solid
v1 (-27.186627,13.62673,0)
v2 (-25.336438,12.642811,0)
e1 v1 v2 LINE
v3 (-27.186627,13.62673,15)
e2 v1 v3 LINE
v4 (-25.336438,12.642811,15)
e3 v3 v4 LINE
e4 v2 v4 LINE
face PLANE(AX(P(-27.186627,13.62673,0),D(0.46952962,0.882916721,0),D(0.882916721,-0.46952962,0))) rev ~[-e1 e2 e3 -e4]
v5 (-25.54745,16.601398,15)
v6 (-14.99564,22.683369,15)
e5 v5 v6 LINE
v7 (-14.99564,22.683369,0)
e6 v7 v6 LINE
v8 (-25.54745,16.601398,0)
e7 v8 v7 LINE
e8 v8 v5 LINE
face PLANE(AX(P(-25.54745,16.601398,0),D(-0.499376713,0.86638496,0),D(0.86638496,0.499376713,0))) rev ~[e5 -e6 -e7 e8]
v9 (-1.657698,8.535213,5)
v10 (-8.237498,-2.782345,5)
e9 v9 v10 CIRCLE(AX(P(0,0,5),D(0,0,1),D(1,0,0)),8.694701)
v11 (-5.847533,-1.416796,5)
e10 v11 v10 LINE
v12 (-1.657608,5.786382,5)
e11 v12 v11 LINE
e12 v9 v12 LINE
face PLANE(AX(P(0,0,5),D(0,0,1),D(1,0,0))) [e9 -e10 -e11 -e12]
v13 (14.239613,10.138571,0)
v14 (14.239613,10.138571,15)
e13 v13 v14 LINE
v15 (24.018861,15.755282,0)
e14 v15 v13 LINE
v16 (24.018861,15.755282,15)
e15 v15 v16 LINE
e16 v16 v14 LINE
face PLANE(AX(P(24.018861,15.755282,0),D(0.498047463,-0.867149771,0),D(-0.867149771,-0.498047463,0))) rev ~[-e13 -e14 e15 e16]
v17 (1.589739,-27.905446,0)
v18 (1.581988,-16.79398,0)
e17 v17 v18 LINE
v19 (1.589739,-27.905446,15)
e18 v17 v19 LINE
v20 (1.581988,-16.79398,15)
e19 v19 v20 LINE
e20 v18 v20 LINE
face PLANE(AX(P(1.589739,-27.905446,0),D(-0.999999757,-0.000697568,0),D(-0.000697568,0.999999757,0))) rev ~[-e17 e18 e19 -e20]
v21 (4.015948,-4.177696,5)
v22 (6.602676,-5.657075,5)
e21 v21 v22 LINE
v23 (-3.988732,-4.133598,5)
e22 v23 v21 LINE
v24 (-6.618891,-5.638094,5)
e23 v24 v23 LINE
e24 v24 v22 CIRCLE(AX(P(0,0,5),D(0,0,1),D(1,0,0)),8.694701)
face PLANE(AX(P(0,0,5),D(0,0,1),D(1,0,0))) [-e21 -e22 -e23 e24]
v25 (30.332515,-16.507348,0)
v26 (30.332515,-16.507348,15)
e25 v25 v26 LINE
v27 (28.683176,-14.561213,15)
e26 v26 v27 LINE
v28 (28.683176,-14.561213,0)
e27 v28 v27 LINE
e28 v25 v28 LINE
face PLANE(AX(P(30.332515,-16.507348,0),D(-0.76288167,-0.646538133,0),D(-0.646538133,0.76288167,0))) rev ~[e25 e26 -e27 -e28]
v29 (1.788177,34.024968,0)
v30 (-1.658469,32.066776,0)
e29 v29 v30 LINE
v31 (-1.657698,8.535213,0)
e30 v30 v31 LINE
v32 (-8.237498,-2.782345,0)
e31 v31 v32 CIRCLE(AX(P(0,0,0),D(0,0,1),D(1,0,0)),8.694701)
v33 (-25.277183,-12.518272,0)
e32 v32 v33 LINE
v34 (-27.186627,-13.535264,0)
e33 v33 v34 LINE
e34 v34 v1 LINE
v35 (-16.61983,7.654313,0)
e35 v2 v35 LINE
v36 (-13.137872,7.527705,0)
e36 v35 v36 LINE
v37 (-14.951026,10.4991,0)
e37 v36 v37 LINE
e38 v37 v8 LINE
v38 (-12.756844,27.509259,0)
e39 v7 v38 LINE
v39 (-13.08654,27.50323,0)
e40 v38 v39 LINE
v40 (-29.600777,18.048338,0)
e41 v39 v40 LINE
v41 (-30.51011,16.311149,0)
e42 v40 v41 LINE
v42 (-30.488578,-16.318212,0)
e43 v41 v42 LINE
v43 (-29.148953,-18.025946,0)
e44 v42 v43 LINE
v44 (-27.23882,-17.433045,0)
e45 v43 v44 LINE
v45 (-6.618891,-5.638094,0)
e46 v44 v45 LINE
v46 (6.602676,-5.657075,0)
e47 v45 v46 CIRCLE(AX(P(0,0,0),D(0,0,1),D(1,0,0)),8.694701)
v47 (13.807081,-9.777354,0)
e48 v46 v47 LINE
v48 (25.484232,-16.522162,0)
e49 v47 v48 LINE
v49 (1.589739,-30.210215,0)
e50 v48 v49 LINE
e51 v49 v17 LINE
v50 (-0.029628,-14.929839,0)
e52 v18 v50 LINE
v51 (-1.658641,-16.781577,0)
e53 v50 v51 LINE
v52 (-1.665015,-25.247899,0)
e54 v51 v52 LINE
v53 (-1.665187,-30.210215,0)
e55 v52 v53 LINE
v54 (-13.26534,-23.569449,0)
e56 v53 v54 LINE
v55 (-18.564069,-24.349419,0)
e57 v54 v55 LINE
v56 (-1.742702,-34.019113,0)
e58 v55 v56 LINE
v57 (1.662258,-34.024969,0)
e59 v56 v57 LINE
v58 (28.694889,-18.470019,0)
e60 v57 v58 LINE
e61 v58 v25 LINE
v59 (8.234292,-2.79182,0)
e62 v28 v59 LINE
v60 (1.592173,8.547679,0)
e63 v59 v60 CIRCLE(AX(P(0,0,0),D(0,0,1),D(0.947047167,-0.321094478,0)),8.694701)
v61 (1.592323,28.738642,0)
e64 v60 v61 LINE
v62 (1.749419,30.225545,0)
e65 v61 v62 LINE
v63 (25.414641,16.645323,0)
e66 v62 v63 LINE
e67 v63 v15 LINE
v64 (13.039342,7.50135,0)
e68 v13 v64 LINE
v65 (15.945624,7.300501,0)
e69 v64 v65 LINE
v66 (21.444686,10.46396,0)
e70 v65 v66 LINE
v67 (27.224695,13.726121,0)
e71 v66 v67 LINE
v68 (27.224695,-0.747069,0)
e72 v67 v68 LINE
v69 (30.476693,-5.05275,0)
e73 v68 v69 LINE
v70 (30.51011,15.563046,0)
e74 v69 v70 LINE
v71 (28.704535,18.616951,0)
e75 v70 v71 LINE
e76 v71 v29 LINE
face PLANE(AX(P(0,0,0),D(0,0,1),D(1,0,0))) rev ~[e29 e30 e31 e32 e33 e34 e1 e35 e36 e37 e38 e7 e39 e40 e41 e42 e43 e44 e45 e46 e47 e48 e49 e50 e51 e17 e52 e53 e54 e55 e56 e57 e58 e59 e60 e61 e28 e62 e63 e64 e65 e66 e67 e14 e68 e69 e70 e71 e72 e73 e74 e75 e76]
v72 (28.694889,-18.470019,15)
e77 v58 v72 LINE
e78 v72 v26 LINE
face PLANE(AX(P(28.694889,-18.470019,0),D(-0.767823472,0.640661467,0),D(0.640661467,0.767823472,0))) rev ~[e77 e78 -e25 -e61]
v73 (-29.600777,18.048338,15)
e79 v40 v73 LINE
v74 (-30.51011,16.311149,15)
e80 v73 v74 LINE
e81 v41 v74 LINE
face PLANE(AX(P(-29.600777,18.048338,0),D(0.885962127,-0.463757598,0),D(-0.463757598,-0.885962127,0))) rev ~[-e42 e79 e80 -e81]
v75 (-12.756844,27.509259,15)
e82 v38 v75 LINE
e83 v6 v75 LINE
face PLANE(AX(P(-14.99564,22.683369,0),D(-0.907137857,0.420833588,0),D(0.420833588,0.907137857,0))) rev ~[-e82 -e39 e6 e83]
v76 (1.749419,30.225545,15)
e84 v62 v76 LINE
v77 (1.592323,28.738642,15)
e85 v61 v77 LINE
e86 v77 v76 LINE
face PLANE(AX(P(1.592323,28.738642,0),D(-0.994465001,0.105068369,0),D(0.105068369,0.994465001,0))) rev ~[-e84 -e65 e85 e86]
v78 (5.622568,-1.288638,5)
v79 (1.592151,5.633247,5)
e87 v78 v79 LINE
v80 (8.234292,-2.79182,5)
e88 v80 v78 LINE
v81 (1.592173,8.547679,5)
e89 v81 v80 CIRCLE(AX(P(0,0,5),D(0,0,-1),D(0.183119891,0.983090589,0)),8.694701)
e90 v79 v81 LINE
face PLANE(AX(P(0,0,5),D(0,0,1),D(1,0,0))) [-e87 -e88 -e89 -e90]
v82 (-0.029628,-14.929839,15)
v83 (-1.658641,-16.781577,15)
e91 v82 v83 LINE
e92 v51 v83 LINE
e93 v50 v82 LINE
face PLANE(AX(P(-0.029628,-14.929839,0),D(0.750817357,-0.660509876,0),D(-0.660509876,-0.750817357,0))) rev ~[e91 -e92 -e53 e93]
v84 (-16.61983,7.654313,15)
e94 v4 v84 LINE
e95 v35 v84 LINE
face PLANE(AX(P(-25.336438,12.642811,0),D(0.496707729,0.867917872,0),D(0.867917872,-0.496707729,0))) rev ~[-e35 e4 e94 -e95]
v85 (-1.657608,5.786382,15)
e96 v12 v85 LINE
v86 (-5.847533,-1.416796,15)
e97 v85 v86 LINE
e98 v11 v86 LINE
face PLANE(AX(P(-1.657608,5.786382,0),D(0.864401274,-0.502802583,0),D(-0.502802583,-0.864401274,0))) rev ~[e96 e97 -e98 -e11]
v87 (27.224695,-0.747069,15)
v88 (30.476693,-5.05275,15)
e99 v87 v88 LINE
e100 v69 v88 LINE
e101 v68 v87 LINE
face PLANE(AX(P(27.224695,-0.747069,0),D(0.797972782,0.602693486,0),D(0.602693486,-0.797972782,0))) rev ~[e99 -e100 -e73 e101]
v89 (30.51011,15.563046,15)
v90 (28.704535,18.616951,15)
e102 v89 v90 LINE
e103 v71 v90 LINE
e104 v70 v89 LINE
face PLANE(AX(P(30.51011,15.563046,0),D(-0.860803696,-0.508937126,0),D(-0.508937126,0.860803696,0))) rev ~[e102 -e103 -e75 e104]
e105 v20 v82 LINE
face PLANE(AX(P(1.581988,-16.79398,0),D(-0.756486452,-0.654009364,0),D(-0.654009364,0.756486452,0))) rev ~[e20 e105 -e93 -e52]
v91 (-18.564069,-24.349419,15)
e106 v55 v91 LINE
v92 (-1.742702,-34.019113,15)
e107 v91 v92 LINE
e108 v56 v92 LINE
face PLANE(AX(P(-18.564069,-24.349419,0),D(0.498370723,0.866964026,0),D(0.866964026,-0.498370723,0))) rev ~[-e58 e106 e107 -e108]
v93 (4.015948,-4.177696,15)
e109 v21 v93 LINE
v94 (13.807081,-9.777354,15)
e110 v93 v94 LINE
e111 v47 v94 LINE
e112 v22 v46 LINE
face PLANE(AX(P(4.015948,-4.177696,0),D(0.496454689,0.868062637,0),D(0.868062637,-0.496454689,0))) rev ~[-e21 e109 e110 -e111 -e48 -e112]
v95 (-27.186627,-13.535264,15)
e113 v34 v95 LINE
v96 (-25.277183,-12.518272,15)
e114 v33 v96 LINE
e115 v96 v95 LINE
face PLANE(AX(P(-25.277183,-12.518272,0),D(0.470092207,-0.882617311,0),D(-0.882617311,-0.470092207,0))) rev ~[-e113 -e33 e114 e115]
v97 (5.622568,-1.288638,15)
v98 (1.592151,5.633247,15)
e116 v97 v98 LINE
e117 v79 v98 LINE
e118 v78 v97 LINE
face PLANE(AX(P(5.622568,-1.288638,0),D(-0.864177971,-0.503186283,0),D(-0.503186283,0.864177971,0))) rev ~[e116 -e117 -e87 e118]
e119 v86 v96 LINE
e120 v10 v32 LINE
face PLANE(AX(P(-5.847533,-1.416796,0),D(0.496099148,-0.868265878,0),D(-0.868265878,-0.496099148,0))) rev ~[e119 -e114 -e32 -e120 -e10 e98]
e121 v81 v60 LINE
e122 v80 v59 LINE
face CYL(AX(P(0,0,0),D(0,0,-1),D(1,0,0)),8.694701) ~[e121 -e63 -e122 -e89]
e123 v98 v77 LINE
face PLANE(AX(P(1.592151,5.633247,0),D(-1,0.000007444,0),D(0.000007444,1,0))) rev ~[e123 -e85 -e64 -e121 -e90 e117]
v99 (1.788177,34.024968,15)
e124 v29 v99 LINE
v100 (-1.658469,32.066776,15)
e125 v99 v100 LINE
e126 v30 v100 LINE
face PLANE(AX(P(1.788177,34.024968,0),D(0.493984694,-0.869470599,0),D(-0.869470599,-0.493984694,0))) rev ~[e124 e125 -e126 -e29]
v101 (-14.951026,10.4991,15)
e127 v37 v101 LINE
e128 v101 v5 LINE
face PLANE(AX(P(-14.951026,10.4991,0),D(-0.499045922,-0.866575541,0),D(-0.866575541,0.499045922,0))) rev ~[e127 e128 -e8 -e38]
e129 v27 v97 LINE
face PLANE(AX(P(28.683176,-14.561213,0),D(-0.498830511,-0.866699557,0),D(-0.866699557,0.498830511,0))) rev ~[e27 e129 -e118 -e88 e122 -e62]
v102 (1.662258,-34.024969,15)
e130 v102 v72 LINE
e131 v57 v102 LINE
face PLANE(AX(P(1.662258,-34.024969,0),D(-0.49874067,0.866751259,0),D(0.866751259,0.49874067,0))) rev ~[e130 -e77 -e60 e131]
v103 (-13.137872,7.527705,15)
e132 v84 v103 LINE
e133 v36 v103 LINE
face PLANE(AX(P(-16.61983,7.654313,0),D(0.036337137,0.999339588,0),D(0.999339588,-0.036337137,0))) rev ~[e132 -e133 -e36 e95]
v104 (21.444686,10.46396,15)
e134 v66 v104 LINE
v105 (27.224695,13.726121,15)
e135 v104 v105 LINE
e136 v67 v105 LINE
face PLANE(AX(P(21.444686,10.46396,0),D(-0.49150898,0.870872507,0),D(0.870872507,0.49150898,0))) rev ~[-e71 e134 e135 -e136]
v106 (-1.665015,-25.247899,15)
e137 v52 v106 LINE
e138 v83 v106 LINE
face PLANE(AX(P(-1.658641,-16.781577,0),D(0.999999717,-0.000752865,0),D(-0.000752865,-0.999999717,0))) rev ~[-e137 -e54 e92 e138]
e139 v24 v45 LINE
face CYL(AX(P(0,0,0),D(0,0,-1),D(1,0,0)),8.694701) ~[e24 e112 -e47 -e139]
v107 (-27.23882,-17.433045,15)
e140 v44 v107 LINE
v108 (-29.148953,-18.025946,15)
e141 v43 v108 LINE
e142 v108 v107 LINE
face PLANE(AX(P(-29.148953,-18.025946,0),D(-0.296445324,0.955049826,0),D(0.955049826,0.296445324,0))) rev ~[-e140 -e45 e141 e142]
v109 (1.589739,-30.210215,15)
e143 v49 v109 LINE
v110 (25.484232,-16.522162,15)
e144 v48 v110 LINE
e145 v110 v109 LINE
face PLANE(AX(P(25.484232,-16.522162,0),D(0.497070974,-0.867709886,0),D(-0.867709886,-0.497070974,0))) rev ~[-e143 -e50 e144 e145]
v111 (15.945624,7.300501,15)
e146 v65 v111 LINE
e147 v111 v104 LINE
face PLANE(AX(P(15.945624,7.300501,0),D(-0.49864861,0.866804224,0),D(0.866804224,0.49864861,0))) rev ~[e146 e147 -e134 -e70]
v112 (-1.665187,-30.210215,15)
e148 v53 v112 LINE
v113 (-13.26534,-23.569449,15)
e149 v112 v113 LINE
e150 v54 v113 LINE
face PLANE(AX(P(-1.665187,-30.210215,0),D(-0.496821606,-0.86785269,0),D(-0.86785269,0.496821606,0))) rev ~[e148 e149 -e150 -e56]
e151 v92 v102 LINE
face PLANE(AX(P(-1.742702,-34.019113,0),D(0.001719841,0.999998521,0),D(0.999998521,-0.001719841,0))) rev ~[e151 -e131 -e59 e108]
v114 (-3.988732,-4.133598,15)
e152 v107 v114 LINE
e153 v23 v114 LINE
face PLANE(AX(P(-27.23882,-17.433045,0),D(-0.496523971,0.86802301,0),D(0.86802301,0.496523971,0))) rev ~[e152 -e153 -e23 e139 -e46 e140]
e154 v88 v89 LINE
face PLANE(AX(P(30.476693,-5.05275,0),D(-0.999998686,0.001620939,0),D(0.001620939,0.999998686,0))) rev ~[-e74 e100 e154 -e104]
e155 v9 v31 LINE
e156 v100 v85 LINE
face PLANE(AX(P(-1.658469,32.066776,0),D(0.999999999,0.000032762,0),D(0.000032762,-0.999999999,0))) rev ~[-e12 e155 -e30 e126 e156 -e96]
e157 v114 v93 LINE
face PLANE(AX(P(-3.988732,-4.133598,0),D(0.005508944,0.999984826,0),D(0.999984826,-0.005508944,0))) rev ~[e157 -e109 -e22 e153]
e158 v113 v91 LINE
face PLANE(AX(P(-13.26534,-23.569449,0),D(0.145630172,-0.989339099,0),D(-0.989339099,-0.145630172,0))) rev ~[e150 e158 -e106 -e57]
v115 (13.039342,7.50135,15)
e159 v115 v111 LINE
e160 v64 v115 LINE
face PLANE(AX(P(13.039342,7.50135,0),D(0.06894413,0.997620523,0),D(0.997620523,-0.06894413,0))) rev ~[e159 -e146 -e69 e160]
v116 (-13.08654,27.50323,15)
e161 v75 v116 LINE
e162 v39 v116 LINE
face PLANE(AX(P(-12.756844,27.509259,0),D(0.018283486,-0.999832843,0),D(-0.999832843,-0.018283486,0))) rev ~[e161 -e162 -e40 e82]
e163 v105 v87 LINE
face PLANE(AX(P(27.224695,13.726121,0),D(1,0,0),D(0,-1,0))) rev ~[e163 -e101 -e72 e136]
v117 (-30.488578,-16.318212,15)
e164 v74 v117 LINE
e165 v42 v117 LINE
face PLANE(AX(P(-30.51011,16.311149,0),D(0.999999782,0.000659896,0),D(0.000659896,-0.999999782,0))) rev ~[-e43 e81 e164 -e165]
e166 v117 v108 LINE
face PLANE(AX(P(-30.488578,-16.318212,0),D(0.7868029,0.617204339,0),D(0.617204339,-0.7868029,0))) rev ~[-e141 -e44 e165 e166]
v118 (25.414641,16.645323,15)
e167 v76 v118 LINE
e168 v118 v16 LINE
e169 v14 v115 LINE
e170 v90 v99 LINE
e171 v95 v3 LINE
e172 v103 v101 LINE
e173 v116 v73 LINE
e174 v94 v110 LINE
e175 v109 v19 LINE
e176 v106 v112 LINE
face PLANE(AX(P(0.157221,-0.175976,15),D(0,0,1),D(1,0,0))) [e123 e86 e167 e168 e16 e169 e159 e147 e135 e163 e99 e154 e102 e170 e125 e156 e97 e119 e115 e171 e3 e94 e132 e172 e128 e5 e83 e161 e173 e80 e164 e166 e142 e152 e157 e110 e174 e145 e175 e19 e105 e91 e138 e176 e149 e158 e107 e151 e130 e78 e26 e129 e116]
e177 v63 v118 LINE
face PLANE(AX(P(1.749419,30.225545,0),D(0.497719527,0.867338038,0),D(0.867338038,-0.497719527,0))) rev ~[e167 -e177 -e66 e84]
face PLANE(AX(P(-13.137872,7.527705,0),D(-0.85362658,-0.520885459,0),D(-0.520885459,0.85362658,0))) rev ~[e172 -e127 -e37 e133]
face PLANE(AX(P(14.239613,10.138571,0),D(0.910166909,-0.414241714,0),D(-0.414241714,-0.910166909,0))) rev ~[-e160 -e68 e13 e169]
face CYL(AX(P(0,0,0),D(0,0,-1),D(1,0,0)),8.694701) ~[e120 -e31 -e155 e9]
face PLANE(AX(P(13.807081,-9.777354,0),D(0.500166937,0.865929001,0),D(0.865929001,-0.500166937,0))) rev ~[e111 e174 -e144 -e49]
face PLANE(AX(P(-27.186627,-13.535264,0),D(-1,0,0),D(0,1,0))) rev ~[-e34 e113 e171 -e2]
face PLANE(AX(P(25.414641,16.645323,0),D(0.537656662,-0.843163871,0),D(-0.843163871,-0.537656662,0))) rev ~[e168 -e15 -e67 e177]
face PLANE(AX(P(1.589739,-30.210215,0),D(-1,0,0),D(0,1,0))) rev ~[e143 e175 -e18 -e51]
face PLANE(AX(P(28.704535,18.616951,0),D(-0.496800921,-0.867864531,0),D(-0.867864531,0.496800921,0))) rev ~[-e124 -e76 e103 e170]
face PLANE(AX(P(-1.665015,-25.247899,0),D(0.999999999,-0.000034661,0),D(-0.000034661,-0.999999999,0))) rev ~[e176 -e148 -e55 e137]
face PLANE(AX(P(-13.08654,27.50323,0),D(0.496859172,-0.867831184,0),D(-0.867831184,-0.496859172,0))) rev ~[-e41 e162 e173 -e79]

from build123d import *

# Parameters (mm, degrees)
F1_DEPTH = 15
F2_R     = 8.694701
F3_DEPTH = 5


with BuildPart() as f1:
    # F0 (on Top) → F1 (new body)
    with BuildSketch(Plane.XY):
        Polygon((27.224695, -0.747069), (30.476693, -5.05275), (30.51011, 15.563046), (28.704535, 18.616951), (1.788177, 34.024968), (-1.658469, 32.066776), (-1.657608, 5.786382), (-5.847533, -1.416796), (-25.277183, -12.518272), (-27.186627, -13.535264), (-27.186627, 13.62673), (-25.336438, 12.642811), (-16.61983, 7.654313), (-13.137872, 7.527705), (-14.951026, 10.4991), (-25.54745, 16.601398), (-14.99564, 22.683369), (-12.756844, 27.509259), (-13.08654, 27.50323), (-29.600777, 18.048338), (-30.51011, 16.311149), (-30.488578, -16.318212), (-29.148953, -18.025946), (-27.23882, -17.433045), (-3.988732, -4.133598), (4.015948, -4.177696), (13.807081, -9.777354), (25.484232, -16.522162), (1.589739, -30.210215), (1.589739, -27.905446), (1.581988, -16.79398), (-0.029628, -14.929839), (-1.658641, -16.781577), (-1.665015, -25.247899), (-1.665187, -30.210215), (-13.26534, -23.569449), (-18.564069, -24.349419), (-1.742702, -34.019113), (1.662258, -34.024969), (28.694889, -18.470019), (30.332515, -16.507348), (28.683176, -14.561213), (5.622568, -1.288638), (1.592151, 5.633247), (1.592323, 28.738642), (1.749419, 30.225545), (25.414641, 16.645323), (24.018861, 15.755282), (14.239613, 10.138571), (13.039342, 7.50135), (15.945624, 7.300501), (21.444686, 10.46396), (27.224695, 13.726121), align=None)
    extrude(amount=F1_DEPTH)

    # F2 (on Top) → F3 (join)
    with BuildSketch(Plane.XY):
        Circle(F2_R)
    extrude(amount=F3_DEPTH)


solid = f1.part
